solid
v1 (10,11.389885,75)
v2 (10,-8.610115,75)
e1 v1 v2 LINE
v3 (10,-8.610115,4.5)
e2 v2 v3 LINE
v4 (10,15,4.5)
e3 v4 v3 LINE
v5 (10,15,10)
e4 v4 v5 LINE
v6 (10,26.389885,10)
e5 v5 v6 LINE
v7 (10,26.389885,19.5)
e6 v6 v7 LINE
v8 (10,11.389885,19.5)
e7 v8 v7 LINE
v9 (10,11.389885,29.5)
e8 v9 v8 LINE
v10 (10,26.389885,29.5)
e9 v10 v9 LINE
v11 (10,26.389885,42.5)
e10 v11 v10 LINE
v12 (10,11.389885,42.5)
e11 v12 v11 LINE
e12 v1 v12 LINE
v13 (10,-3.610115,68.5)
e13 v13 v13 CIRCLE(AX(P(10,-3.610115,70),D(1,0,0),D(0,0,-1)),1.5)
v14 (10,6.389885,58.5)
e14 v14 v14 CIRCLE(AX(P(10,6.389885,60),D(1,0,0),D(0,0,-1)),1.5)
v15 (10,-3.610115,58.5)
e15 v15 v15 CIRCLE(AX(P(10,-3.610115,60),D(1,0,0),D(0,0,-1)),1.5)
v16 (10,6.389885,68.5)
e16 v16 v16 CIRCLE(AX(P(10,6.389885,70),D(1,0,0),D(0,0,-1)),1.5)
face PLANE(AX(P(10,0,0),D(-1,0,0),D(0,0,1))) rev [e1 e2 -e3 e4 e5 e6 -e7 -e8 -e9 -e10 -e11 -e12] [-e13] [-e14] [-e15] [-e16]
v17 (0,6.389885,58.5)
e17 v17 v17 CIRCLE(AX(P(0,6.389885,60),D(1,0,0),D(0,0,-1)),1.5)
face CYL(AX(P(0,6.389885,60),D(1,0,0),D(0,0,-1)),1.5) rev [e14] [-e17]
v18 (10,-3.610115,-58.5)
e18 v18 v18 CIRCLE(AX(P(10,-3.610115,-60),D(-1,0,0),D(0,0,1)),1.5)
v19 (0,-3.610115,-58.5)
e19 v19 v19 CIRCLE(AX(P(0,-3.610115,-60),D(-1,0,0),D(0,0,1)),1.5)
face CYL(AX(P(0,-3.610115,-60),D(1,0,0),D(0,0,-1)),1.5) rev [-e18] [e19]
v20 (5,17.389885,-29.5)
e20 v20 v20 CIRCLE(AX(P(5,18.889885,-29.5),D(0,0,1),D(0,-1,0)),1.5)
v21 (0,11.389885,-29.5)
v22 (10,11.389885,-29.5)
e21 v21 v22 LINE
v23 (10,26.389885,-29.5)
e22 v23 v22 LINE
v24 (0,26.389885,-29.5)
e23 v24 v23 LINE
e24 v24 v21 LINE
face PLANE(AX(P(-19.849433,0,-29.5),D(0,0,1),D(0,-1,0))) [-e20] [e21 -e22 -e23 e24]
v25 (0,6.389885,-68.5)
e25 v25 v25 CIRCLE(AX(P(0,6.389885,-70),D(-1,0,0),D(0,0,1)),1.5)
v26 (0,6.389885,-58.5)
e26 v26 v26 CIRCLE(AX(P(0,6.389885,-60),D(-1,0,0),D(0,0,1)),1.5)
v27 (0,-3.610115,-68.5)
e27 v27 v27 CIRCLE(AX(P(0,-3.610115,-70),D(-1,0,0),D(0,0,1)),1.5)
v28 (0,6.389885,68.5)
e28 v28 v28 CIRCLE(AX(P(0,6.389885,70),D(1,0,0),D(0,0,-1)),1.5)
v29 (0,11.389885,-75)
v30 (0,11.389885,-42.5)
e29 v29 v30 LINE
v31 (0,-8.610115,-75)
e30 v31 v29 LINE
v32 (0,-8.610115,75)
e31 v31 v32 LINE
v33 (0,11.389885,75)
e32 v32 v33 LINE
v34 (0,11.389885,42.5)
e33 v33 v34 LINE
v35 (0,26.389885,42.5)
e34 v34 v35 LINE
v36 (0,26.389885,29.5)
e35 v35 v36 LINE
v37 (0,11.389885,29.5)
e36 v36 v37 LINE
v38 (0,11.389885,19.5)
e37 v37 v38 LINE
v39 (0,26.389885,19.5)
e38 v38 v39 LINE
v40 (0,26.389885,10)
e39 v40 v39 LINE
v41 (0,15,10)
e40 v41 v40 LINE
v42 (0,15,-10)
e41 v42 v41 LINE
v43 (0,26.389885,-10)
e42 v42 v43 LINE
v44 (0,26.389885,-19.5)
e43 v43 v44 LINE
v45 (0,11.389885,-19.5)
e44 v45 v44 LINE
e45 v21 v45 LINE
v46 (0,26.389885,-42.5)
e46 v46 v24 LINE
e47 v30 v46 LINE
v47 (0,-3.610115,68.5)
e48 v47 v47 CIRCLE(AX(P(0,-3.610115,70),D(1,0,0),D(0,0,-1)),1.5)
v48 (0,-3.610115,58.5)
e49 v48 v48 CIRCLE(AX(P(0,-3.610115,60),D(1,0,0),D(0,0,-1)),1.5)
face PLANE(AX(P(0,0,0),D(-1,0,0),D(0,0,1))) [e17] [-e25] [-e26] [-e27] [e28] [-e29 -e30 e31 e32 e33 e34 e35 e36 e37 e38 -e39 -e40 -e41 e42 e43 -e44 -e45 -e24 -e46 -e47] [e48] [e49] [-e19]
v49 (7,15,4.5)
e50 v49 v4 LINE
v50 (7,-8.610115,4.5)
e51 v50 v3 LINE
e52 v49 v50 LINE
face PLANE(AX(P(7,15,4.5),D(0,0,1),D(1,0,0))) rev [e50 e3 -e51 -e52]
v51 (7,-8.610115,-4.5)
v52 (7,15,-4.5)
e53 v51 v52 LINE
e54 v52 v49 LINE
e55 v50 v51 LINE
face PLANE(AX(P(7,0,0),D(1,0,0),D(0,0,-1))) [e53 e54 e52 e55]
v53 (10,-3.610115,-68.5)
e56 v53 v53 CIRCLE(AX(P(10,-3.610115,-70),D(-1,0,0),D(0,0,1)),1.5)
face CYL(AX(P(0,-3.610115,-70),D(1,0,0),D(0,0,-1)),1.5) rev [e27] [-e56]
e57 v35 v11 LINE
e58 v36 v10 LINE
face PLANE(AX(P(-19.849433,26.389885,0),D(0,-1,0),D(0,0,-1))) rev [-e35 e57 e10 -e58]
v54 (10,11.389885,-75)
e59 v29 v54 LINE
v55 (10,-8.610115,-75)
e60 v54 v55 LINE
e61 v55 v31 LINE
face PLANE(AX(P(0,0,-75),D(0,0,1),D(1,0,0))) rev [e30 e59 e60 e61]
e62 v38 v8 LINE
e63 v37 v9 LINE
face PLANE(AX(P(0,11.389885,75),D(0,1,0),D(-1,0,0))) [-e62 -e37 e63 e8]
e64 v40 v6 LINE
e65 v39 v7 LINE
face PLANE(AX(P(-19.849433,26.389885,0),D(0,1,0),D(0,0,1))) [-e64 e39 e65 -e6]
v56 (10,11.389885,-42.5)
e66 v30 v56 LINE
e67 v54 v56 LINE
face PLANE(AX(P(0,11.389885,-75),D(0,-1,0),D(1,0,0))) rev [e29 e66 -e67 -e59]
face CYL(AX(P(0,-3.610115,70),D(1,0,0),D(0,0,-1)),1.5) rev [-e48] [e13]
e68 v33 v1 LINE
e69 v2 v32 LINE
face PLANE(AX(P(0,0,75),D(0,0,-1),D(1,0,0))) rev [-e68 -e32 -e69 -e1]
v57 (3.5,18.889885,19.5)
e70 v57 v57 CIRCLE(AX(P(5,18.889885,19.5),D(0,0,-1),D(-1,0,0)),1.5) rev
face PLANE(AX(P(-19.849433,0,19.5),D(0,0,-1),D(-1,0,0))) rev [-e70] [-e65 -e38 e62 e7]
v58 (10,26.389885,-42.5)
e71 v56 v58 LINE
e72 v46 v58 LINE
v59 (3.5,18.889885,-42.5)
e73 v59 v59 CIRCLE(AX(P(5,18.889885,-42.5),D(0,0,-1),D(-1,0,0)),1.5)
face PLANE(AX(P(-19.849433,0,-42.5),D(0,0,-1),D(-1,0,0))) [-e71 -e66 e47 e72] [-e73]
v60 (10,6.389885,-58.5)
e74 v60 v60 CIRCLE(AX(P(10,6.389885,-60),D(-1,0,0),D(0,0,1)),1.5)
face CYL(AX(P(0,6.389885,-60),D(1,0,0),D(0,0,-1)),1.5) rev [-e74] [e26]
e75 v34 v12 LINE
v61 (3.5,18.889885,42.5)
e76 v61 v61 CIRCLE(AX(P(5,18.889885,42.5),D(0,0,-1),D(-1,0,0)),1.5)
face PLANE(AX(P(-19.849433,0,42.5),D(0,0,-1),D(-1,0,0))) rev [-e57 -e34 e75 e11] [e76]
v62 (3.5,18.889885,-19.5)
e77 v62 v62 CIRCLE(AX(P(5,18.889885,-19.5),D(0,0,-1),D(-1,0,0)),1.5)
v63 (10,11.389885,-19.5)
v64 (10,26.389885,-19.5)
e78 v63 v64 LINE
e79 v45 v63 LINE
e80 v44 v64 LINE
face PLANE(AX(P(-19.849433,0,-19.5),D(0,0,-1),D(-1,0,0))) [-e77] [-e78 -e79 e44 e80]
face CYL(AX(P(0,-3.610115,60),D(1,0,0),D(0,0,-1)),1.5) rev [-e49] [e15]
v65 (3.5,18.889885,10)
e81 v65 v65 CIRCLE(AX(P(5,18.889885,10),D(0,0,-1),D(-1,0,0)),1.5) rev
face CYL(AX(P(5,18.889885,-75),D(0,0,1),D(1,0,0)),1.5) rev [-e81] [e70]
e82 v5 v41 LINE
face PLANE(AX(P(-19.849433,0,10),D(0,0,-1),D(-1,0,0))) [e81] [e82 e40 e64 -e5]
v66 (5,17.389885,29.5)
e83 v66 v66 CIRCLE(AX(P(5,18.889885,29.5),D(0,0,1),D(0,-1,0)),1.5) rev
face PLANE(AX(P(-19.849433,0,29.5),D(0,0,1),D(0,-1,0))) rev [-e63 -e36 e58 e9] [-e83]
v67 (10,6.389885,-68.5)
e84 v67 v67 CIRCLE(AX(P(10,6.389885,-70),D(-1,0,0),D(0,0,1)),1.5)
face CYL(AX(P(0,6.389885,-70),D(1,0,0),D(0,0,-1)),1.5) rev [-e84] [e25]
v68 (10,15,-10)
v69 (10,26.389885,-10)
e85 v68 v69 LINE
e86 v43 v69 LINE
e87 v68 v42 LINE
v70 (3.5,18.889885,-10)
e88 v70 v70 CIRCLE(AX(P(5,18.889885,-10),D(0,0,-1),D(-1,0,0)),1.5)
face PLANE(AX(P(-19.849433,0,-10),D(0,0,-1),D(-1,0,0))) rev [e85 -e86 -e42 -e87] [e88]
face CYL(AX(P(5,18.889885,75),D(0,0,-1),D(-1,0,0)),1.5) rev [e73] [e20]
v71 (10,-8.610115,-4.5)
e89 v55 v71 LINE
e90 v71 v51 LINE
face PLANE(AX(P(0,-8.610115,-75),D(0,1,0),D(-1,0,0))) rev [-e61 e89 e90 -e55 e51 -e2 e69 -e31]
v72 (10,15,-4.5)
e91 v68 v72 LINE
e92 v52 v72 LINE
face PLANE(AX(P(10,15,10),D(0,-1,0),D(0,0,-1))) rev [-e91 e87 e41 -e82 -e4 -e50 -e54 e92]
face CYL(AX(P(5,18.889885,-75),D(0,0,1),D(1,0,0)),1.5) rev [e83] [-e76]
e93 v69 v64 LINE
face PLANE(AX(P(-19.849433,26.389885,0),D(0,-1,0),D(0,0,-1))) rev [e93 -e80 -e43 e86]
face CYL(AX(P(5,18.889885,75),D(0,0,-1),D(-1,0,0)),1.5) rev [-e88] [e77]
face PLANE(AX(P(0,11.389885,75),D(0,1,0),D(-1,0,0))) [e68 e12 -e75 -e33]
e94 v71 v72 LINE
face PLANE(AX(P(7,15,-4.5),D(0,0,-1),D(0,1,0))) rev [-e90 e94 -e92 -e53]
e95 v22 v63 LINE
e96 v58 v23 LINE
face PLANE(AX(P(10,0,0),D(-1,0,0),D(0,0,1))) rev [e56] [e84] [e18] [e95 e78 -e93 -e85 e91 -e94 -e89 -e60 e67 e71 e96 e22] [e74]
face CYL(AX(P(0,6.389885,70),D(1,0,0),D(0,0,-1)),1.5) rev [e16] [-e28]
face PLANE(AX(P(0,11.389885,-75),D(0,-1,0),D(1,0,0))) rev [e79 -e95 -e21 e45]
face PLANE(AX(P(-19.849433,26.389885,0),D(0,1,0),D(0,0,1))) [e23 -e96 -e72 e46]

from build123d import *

# Parameters (mm, degrees)
SKETCH_1_W          = 20
SKETCH_1_H          = 30
EXTRUDE_1_DEPTH     = 10
SKETCH_3_W          = 10
SKETCH_3_H          = 20
EXTRUDE_2_DEPTH     = 65
SKETCH_4_R          = 1.5
CUT_EXTRUDE_1_DEPTH = 78.136243103
SKETCH_5_W          = 9
SKETCH_5_H          = 30
CUT_EXTRUDE_2_DEPTH = 3
SKETCH_6_W          = 13
SKETCH_6_H          = 15
EXTRUDE_3_DEPTH     = 10
SKETCH_7_R          = 1.5
CUT_EXTRUDE_5_DEPTH = 121.841532616
SKETCH_8_W          = 20
SKETCH_8_H          = 20
CUT_EXTRUDE_6_DEPTH = 6.389884519


with BuildPart() as part:
    # 草图1 → 凸台-拉伸1 (new body)
    with BuildSketch(Plane(origin=(0, 0, 0), x_dir=(0, 0, -1), z_dir=(1, 0, 0))):
        Rectangle(SKETCH_1_W, SKETCH_1_H)
    extrude(amount=EXTRUDE_1_DEPTH)

    # 草图3 → 凸台-拉伸2 (add)
    with BuildSketch(Plane(origin=(0, 0, -10), x_dir=(-1, 0, 0), z_dir=(0, 0, -1))):
        with Locations((-5, 1.389884519)):
            Rectangle(SKETCH_3_W, SKETCH_3_H)
    extrude_2 = extrude(amount=EXTRUDE_2_DEPTH)

    # 镜向1: 凸台-拉伸2 across plane
    add(extrude_2.mirror(Plane.XY))

    # 草图4 → 切除-拉伸1 (cut, through all)
    with BuildSketch(Plane(origin=(10, 0, 0), x_dir=(0, 0, -1), z_dir=(1, 0, 0))):
        with Locations((-70, 6.389884519)):
            Circle(SKETCH_4_R)
        with Locations((-60, 6.389884519)):
            Circle(SKETCH_4_R)
        with Locations((-70, -3.610115481)):
            Circle(SKETCH_4_R)
        with Locations((-60, -3.610115481)):
            Circle(SKETCH_4_R)
    cut_extrude_1 = extrude(amount=-CUT_EXTRUDE_1_DEPTH, mode=Mode.SUBTRACT)

    # 镜向2: 切除-拉伸1 across plane
    add(cut_extrude_1.mirror(Plane.XY), mode=Mode.SUBTRACT)

    # 草图5 → 切除-拉伸2 (cut)
    with BuildSketch(Plane(origin=(10, 0, 0), x_dir=(0, 0, -1), z_dir=(1, 0, 0))):
        Rectangle(SKETCH_5_W, SKETCH_5_H)
    extrude(amount=-CUT_EXTRUDE_2_DEPTH, mode=Mode.SUBTRACT)

    # 草图6 → 凸台-拉伸3 (add)
    with BuildSketch(Plane(origin=(10, 0, 0), x_dir=(0, 0, -1), z_dir=(1, 0, 0))):
        with Locations((36, 18.889884519)):
            Rectangle(SKETCH_6_W, SKETCH_6_H)
        Polygon((10, 11.389884519), (19.5, 11.389884519), (19.5, 26.389884519), (10, 26.389884519), (10, 15), align=None)
    extrude_3 = extrude(amount=-EXTRUDE_3_DEPTH)

    # 草图7 → 切除-拉伸5 (cut, through all)
    with BuildSketch(Plane(origin=(0, 0, -42.5), x_dir=(-1, 0, 0), z_dir=(0, 0, -1))):
        with Locations((-5, 18.889884519)):
            Circle(SKETCH_7_R)
    cut_extrude_5 = extrude(amount=-CUT_EXTRUDE_5_DEPTH, mode=Mode.SUBTRACT)

    # 镜向4: 凸台-拉伸3, 切除-拉伸5 across plane
    add(extrude_3.mirror(Plane.XY))
    add(cut_extrude_5.mirror(Plane.XY), mode=Mode.SUBTRACT)

    # 草图8 → 切除-拉伸6 (cut)
    with BuildSketch(Plane.XZ.offset(15)):
        Rectangle(SKETCH_8_W, SKETCH_8_H)
    extrude(amount=-CUT_EXTRUDE_6_DEPTH, mode=Mode.SUBTRACT)


solid = part.part
